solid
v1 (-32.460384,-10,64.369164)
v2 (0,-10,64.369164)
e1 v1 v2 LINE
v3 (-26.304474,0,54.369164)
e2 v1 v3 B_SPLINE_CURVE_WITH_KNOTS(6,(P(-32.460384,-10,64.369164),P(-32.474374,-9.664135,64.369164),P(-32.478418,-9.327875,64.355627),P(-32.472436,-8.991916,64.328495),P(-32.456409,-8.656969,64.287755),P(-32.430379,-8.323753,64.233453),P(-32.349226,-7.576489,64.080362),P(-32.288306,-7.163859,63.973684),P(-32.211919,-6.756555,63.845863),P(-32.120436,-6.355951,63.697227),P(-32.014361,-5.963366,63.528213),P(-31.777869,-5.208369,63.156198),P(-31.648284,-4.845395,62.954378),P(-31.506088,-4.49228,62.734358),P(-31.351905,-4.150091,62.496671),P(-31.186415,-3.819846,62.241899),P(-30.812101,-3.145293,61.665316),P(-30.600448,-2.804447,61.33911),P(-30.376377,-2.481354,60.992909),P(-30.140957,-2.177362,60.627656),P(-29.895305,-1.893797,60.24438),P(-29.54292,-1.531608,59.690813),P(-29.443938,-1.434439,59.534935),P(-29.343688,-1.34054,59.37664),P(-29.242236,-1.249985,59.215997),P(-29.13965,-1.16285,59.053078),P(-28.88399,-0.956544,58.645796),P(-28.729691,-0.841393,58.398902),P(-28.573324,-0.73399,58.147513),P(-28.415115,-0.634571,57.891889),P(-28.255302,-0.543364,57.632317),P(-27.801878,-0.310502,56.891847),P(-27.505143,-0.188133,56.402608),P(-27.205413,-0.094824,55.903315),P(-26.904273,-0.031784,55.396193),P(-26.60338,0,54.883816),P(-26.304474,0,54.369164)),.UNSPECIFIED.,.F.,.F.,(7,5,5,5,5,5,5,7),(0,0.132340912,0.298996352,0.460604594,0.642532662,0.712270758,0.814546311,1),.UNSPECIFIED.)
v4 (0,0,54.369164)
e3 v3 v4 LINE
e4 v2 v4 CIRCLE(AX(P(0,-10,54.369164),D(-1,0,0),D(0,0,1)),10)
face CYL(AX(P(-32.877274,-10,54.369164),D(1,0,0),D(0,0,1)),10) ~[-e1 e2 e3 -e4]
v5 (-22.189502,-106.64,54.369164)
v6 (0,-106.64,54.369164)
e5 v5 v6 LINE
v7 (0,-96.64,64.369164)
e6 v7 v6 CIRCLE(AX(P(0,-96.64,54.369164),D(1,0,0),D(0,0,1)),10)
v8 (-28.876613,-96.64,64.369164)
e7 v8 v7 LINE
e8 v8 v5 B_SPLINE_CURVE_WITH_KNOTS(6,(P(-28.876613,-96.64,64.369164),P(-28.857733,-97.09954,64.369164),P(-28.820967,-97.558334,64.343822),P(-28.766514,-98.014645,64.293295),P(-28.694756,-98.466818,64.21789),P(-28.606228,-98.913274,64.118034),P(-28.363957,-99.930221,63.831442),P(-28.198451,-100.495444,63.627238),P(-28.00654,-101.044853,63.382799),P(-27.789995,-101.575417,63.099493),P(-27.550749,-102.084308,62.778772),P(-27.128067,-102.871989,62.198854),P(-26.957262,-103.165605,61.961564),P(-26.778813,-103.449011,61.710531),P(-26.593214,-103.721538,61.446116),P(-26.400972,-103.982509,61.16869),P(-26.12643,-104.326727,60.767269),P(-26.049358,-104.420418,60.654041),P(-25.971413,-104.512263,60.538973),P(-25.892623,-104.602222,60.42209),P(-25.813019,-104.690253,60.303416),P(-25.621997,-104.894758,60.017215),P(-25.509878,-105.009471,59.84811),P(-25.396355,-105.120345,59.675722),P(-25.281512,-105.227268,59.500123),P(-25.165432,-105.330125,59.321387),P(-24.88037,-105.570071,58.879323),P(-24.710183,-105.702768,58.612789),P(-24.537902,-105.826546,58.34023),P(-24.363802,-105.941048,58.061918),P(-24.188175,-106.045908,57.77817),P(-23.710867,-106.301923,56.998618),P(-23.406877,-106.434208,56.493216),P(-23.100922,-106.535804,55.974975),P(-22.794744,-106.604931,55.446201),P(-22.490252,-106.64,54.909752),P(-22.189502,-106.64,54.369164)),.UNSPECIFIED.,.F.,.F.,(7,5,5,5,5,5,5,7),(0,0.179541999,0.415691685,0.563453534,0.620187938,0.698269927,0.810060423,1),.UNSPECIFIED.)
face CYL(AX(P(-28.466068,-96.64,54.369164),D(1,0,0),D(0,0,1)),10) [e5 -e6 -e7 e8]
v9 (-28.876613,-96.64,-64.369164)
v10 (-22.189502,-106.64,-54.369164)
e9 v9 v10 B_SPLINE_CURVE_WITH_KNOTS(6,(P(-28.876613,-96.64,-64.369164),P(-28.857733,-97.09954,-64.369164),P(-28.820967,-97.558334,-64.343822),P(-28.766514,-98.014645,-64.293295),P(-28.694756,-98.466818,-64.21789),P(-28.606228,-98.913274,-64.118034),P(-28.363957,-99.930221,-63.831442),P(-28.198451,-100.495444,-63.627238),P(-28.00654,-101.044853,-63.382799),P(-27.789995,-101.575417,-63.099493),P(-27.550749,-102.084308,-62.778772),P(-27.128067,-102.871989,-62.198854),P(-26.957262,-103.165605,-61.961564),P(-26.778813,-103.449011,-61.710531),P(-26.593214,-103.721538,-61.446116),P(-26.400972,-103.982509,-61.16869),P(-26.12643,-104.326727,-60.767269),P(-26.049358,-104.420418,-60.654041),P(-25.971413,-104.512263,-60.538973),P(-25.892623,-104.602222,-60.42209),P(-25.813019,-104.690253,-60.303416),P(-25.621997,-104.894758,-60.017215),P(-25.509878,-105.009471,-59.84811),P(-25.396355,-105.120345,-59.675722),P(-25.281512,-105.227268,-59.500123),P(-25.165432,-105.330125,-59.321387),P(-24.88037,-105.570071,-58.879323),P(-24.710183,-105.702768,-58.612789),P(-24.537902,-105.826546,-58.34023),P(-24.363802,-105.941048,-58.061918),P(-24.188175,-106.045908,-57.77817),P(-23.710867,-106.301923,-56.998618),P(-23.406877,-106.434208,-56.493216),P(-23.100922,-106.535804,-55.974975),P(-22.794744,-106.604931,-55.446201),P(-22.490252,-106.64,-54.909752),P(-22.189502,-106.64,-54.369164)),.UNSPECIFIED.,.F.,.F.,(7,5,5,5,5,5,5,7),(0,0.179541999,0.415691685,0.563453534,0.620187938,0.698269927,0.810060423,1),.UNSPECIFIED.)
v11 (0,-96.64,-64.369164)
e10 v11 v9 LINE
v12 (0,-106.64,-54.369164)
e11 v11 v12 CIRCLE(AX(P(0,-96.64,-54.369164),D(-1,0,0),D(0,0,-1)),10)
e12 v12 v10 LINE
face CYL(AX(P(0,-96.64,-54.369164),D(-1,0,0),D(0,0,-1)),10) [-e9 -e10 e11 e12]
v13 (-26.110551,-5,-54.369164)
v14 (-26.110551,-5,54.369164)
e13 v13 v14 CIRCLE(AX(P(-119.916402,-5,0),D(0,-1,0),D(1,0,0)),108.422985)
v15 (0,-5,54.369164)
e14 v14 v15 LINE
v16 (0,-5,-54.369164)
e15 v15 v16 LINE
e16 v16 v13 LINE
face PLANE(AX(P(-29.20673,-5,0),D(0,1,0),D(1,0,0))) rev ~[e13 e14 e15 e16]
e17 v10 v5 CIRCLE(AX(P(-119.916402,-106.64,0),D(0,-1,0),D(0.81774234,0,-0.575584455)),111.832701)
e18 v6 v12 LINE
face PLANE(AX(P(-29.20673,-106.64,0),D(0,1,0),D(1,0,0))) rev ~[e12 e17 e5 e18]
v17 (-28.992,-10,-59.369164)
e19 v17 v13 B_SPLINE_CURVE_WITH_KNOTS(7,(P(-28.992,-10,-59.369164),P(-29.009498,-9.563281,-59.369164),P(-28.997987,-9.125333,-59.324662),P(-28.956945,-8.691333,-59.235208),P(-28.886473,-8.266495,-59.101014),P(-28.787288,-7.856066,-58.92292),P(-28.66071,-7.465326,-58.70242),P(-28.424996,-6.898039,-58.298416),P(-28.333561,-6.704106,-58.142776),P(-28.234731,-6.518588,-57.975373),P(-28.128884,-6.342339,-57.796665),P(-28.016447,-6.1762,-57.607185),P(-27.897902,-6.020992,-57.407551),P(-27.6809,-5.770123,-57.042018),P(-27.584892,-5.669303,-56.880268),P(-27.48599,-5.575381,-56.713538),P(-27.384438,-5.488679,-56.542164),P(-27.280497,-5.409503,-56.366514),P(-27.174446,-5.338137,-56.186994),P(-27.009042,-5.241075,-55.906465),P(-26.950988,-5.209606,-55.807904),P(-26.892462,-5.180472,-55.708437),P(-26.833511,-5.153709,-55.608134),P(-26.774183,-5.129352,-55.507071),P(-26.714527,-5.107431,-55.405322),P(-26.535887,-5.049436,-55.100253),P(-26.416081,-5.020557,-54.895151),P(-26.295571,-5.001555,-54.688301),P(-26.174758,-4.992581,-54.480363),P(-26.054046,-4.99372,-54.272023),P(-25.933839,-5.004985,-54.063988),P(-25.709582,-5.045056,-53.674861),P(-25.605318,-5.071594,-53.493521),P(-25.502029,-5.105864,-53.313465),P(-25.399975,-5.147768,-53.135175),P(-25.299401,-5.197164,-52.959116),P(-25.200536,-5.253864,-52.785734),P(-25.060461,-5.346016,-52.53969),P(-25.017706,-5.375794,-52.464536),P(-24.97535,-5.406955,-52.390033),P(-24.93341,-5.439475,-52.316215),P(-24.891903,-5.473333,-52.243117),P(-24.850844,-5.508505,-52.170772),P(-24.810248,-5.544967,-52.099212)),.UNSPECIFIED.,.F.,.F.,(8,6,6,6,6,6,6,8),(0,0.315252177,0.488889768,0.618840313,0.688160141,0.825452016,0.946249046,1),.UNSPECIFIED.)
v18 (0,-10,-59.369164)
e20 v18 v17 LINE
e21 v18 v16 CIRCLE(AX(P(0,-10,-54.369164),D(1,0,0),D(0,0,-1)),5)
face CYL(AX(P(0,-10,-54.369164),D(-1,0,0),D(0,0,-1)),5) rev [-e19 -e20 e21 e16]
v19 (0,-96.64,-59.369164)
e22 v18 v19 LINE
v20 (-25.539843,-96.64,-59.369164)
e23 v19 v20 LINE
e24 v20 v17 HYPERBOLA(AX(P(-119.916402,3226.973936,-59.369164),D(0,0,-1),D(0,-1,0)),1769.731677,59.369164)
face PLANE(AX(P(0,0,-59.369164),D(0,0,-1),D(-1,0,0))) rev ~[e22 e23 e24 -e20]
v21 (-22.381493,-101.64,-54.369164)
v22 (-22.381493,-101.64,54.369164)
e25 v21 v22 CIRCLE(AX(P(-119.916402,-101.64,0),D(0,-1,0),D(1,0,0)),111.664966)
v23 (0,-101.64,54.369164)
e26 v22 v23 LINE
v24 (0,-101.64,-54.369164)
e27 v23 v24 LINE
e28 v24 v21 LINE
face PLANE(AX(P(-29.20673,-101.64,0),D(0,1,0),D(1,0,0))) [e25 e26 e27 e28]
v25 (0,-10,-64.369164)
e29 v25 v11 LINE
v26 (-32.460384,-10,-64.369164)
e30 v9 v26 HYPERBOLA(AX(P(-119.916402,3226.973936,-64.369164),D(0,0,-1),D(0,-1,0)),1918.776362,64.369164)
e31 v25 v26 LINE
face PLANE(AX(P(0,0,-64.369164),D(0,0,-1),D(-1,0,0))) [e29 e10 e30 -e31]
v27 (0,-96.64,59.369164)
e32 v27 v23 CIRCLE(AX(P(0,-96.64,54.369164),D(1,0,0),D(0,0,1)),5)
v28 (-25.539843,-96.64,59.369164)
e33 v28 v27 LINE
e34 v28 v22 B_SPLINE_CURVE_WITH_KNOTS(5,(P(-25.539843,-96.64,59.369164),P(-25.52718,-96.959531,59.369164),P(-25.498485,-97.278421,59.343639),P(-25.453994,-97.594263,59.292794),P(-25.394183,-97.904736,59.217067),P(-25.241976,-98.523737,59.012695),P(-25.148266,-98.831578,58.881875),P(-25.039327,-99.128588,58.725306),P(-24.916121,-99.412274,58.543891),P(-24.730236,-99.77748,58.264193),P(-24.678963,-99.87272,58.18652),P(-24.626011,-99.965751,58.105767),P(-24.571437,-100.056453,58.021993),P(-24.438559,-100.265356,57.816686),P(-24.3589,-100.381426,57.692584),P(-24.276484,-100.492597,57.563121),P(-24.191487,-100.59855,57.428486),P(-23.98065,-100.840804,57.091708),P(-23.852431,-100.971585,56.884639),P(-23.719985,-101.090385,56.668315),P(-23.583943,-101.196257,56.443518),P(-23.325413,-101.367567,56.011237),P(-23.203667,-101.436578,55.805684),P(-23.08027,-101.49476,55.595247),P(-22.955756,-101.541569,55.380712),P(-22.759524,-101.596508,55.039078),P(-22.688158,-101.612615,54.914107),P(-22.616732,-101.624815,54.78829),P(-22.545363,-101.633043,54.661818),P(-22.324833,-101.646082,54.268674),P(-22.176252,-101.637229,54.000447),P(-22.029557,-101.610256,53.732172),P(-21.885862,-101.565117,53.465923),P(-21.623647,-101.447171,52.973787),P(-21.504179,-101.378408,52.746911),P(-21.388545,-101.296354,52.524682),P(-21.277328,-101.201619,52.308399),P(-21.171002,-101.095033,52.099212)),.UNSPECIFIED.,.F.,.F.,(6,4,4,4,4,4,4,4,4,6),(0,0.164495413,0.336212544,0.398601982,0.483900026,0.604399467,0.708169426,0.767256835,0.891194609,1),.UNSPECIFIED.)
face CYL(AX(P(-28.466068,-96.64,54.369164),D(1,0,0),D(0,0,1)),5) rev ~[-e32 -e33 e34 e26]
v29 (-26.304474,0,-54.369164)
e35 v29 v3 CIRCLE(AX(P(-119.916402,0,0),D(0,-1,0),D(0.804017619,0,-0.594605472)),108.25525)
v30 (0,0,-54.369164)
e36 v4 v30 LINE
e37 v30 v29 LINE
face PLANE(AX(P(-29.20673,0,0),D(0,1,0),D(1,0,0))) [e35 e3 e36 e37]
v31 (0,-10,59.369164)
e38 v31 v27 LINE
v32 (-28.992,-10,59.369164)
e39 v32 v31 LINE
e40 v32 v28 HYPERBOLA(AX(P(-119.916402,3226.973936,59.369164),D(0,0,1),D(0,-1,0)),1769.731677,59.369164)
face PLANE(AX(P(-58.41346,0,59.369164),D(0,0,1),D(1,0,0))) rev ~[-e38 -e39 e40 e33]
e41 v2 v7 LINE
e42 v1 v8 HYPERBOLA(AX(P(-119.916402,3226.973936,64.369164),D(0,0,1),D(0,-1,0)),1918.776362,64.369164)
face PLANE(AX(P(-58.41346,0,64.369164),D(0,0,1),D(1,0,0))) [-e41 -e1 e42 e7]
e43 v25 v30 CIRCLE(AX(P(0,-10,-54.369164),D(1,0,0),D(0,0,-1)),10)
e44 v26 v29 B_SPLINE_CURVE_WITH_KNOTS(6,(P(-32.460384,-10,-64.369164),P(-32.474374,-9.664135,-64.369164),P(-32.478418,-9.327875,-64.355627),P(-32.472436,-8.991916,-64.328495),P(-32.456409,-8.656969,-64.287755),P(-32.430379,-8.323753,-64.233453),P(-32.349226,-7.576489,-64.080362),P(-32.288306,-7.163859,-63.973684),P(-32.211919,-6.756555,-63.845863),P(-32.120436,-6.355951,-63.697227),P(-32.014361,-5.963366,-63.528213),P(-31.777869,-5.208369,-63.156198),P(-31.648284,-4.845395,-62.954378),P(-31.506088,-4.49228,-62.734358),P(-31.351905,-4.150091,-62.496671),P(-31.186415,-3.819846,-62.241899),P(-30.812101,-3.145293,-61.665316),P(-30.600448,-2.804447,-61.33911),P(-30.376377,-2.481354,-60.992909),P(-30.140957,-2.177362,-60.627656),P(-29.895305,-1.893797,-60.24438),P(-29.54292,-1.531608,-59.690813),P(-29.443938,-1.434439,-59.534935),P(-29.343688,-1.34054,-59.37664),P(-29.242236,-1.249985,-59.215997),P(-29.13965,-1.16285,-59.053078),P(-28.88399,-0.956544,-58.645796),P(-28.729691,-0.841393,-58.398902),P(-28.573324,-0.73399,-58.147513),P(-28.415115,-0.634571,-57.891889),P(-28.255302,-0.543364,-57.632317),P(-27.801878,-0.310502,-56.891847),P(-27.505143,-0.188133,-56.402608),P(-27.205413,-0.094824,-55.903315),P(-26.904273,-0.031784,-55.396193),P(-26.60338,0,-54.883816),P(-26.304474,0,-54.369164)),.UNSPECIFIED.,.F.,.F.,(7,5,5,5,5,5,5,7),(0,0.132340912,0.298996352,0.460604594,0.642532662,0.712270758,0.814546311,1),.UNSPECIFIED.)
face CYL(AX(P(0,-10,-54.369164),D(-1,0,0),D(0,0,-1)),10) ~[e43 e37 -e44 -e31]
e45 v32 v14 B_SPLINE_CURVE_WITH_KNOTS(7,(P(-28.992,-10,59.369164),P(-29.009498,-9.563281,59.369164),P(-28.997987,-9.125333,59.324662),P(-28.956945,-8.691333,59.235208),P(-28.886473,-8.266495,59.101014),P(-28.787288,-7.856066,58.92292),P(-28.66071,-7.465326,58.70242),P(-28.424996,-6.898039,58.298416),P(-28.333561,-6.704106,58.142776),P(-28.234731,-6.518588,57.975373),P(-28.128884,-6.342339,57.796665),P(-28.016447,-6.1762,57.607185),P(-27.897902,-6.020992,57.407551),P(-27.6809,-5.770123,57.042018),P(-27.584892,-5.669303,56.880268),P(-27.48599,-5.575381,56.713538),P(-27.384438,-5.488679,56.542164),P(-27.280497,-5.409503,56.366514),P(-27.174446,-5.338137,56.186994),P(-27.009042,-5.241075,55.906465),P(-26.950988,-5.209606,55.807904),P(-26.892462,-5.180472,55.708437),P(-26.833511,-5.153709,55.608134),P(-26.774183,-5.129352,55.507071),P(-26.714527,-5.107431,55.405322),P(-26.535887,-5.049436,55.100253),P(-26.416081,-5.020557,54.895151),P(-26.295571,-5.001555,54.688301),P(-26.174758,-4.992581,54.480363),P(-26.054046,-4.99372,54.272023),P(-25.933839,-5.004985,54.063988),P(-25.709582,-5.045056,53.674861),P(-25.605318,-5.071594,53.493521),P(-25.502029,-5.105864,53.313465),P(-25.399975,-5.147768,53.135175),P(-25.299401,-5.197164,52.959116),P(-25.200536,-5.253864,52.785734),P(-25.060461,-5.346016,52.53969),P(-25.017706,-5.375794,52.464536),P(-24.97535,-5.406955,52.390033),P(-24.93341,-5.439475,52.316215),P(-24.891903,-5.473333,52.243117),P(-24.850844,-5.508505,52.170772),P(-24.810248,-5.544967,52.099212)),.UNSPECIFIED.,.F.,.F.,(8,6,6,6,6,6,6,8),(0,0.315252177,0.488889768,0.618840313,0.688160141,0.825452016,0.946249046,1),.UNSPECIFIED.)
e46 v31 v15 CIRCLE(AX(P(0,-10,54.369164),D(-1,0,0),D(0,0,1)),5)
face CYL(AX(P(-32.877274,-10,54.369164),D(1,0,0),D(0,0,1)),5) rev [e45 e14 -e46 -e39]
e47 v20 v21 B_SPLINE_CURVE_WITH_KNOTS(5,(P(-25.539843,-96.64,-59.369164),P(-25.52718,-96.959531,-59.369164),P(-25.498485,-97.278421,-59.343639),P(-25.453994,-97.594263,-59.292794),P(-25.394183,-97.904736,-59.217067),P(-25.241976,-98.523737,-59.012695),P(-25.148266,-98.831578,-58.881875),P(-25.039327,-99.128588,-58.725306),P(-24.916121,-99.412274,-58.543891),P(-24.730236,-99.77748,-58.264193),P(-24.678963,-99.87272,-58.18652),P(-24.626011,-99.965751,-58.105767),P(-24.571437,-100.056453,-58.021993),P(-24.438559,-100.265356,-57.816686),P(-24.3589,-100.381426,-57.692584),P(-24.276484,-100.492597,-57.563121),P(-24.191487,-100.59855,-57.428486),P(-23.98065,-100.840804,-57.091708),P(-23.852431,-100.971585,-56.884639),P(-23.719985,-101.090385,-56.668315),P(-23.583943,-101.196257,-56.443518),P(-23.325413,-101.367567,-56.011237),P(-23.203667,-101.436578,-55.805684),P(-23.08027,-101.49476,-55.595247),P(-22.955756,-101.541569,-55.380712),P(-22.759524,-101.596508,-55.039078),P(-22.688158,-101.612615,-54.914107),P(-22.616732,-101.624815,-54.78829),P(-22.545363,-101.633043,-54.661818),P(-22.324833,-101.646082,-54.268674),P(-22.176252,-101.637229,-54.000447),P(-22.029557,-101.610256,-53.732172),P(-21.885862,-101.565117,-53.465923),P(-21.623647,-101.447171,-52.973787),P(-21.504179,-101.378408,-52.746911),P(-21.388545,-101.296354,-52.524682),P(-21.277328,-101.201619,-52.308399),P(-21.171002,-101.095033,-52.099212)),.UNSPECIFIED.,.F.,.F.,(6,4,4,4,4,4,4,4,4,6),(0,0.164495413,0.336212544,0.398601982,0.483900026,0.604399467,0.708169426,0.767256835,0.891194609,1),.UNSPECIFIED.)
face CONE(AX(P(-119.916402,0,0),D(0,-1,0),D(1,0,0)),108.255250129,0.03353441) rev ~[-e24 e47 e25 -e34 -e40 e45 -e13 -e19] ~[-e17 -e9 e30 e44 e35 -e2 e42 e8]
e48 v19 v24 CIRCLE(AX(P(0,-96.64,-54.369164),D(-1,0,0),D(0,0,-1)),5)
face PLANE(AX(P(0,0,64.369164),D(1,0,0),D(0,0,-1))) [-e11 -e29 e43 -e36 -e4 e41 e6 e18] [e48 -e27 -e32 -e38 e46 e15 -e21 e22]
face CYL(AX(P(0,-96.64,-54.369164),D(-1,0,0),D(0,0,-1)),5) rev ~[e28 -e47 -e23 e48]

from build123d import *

# Parameters (mm, degrees)
BOSS_EXTRUDE1_DEPTH = 106.64
FILLET1_R           = 10
SHELL1_T            = -5


with BuildPart() as part:
    # Sketch1 → Boss-Extrude1 (new body)
    with BuildSketch(Plane(origin=(0, 0, 0), x_dir=(1, 0, 0), z_dir=(0, 1, 0))):
        Polygon((1.515e-14, 64.36916415), (-58.4134595853381, 64.36916415000002), (-58.4134595853381, -64.36916415000002), (1.515e-14, -64.36916415), align=None)
    extrude(amount=-BOSS_EXTRUDE1_DEPTH)

    # Sketch2 → Cut-Revolve1 (revolve, cut)
    with BuildSketch(Plane.XY):
        Polygon((-11.66115202408946, 0), (-8.083701414949179, -106.64), (-119.91640215317999, -106.64), (-119.91640215318, 0), align=None)
    revolve(axis=Axis((-119.91640215318, 0, 0), (1.3e-16, -1, 0)), mode=Mode.SUBTRACT)

    # Fillet1
    fillet1_edges = [part.edges().sort_by_distance(p)[0] for p in [
        (-14.233033878872398, -106.64, 64.36916415),
        (-14.233033878872396, -106.64, -64.36916415),
        (-16.438636834910113, 0, 64.36916415),
        (-16.43863683491015, 0, -64.36916415),
    ]]
    fillet(fillet1_edges, radius=FILLET1_R)

    # Shell1
    shell1_openings = [part.faces().sort_by_distance(p)[0] for p in [
        (-9.87242672, -53.32, 0),
        (0, -53.32, 0),
    ]]
    offset(amount=SHELL1_T, openings=shell1_openings)


solid = part.part
